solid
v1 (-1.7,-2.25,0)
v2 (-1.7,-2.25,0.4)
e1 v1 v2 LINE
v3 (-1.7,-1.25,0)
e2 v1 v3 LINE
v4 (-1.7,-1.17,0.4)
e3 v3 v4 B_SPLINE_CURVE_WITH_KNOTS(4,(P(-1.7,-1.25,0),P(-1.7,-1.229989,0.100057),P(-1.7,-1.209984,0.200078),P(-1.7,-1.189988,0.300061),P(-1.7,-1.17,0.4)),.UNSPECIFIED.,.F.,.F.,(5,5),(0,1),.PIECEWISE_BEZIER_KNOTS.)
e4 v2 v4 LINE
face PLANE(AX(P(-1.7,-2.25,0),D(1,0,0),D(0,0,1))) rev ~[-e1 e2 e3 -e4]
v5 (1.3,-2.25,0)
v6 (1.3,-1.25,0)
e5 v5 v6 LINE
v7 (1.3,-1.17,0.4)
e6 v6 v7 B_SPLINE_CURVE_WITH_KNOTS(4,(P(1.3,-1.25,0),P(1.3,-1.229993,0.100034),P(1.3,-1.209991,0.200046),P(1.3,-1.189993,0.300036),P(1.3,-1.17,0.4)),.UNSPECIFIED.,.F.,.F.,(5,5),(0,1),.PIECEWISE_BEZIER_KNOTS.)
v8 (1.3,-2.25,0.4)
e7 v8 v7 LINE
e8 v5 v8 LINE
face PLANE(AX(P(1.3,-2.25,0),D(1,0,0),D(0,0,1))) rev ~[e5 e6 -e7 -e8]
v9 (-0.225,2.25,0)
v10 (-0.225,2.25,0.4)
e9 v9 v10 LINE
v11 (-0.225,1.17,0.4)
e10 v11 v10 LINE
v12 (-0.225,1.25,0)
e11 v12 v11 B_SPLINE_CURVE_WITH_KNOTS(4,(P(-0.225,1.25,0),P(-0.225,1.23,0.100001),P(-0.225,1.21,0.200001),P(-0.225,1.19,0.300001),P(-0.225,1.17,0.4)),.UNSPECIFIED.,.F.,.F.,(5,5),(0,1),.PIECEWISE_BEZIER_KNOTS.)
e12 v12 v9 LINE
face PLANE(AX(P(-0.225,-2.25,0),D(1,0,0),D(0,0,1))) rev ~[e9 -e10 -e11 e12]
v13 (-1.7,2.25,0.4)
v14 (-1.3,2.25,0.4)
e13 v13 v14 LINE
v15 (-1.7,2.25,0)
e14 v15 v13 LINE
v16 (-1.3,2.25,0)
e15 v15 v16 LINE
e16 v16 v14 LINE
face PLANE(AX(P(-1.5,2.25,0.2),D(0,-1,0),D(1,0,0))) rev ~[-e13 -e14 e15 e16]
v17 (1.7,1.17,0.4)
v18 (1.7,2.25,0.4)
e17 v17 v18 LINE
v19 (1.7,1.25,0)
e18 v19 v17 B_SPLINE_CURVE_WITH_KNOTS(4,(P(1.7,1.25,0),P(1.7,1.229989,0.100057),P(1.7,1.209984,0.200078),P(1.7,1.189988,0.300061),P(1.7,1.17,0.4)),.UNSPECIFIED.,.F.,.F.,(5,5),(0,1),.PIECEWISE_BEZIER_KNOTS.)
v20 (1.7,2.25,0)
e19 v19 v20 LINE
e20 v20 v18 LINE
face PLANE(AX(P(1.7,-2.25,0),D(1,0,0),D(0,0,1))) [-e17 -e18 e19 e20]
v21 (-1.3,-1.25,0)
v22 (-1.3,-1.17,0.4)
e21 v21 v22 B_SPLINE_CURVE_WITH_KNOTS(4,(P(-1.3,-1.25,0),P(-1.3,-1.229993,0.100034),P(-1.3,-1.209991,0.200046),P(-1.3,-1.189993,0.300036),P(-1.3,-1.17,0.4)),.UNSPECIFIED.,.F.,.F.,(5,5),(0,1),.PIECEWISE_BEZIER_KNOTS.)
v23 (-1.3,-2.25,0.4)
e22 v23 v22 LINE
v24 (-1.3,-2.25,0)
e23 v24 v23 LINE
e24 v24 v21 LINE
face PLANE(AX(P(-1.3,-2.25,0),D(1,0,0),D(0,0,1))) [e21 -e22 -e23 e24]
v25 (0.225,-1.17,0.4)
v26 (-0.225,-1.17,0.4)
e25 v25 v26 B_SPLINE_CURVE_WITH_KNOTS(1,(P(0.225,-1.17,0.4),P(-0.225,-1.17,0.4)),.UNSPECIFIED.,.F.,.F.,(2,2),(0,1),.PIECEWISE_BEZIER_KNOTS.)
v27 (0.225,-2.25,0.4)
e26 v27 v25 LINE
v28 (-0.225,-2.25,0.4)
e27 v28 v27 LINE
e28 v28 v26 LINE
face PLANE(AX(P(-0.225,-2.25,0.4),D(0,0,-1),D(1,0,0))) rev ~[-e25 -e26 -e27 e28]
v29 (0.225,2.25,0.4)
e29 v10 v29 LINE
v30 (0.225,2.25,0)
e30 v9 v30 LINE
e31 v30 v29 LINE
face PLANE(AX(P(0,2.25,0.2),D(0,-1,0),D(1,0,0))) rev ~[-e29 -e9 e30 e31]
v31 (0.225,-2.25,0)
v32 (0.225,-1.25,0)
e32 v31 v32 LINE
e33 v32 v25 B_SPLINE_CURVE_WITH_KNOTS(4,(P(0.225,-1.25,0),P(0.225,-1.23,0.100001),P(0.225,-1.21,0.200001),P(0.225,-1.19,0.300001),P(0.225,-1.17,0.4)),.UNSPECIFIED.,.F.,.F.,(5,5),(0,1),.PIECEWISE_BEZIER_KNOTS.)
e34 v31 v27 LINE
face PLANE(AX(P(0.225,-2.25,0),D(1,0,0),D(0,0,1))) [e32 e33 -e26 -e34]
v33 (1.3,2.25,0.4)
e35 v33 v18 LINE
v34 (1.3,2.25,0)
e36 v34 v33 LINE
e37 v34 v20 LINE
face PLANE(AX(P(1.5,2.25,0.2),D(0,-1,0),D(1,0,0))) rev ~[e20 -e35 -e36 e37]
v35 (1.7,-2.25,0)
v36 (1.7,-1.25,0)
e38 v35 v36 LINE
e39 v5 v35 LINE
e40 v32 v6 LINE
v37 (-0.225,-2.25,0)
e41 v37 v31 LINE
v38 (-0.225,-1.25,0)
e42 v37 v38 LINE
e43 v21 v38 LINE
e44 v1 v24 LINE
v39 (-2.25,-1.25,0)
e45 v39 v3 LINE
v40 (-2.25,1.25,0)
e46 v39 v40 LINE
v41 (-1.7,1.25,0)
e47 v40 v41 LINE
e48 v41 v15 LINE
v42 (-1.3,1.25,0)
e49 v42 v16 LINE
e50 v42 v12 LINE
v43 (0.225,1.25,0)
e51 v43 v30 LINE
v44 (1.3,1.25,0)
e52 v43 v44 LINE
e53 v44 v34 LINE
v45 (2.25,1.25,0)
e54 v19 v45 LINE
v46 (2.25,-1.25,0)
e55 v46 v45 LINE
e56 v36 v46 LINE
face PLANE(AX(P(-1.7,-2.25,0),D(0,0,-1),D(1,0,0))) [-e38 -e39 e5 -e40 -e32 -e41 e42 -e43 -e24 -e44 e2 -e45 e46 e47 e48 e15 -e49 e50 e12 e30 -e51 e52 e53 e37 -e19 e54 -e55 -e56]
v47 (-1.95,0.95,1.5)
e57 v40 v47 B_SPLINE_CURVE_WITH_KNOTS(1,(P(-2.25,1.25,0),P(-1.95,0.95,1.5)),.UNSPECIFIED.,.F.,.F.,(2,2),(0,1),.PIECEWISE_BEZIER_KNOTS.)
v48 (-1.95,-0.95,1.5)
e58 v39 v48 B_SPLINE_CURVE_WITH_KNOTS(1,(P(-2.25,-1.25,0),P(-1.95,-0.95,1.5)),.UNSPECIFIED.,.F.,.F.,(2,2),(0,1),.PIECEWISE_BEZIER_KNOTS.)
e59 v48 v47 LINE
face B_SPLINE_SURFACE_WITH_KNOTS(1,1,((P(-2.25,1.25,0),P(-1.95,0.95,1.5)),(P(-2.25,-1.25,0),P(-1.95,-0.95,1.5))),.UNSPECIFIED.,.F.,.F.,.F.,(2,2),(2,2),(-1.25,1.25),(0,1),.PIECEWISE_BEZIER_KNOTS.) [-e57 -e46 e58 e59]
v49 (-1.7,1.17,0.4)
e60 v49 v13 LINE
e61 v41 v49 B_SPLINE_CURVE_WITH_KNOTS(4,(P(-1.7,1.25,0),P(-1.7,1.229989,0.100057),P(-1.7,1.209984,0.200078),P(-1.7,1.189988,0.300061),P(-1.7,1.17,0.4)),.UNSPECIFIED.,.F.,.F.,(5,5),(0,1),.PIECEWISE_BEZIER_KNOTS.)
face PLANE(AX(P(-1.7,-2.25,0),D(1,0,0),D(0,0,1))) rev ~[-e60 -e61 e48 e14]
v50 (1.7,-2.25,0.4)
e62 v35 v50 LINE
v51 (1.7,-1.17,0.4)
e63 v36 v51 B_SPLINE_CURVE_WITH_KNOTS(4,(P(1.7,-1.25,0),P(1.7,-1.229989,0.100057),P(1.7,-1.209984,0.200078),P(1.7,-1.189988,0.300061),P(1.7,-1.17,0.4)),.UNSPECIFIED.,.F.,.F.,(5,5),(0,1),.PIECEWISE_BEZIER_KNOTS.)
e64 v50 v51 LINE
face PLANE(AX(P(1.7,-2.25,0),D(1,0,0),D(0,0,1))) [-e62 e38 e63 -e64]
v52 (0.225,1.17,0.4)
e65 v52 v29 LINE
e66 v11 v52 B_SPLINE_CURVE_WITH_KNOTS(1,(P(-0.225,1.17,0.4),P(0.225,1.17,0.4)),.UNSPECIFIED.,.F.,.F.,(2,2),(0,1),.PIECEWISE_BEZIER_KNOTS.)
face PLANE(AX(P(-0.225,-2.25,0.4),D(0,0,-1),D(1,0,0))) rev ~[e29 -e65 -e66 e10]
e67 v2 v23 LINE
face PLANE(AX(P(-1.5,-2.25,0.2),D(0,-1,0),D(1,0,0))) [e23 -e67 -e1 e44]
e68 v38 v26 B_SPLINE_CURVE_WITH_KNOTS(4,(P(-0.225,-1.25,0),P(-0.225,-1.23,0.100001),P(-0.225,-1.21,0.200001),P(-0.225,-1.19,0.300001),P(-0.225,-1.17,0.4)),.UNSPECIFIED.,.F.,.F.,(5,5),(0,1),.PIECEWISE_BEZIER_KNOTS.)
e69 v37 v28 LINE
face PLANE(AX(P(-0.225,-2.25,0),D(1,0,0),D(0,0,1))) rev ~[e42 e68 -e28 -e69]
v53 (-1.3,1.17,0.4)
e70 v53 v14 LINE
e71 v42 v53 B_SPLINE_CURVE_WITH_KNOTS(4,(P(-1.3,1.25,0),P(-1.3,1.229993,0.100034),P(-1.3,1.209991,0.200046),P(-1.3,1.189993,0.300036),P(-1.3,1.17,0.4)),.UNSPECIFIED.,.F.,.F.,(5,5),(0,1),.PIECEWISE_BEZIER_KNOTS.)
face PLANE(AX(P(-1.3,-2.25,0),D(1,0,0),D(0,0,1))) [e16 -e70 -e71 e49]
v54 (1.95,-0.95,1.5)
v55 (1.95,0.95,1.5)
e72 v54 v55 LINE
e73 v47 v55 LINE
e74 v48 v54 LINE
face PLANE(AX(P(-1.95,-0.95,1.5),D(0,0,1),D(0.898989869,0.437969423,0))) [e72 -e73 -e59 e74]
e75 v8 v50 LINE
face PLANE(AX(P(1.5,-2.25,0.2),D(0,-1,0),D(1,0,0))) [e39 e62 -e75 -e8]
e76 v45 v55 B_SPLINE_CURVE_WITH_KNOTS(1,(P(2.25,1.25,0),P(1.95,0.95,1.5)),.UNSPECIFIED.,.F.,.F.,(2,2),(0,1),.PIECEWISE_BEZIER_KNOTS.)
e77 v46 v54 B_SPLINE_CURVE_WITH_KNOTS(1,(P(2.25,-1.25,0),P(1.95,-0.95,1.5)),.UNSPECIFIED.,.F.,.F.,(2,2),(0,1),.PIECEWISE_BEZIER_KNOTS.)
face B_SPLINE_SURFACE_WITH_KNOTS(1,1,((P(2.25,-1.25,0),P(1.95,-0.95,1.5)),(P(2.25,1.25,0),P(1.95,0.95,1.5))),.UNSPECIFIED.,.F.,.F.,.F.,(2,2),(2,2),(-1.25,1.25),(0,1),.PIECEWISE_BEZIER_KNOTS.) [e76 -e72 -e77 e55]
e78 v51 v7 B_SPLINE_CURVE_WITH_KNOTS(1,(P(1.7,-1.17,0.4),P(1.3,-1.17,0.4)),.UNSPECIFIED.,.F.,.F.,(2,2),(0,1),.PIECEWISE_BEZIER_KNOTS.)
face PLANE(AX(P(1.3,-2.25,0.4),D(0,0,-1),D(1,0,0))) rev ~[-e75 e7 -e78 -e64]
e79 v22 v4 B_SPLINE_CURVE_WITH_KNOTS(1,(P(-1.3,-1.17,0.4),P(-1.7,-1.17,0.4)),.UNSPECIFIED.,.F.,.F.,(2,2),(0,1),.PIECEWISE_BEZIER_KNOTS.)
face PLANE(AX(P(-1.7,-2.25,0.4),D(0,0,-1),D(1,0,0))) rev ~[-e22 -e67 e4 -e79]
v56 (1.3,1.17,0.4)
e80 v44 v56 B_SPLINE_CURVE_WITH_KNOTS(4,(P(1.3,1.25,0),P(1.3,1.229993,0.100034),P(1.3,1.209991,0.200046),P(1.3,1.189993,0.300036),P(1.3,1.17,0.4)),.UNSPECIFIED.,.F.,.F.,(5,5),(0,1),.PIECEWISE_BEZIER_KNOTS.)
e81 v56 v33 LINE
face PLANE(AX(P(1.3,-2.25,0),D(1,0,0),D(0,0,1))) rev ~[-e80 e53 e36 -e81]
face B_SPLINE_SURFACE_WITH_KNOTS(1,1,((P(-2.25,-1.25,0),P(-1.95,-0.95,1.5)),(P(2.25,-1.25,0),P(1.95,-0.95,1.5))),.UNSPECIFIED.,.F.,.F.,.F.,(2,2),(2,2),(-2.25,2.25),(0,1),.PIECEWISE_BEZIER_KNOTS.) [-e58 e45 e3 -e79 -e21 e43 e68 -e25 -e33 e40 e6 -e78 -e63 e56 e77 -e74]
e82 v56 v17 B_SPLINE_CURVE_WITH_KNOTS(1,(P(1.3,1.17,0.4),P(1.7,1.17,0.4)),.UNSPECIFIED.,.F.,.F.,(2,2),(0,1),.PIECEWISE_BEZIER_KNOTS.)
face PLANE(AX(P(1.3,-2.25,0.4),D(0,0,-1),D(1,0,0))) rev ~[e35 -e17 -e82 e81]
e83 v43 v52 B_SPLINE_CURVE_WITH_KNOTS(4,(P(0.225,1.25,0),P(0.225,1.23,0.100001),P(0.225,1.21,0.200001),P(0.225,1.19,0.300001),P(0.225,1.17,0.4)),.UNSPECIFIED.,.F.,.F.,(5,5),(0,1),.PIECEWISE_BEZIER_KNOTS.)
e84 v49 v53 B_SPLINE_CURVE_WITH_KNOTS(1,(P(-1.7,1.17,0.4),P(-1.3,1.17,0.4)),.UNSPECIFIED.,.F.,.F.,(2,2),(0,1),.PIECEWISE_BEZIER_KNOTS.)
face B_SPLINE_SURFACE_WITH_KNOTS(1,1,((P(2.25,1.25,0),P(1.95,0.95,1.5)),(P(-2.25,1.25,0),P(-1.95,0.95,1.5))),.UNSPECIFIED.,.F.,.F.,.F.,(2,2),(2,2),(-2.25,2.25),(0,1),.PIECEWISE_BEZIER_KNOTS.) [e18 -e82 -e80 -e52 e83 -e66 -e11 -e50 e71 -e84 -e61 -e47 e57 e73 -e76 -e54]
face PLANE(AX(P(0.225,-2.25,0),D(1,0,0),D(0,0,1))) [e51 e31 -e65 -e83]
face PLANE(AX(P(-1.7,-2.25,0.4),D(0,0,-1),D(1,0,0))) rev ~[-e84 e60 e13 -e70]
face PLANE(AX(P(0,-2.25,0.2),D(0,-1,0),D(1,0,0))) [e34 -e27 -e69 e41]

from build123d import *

# Parameters (mm, degrees)
SKETCH_W      = 4.5
SKETCH_H      = 2.5
SKETCH001_W   = 3.9
SKETCH001_H   = 1.9
SKETCH002_W   = 0.4
SKETCH002_H   = 0.4
SKETCH002_W_2 = 0.45
PAD_DEPTH     = 4.5


with BuildPart() as part:
    # Sketch → AdditiveLoft section 0
    with BuildSketch(Plane.XY):
        Rectangle(SKETCH_W, SKETCH_H)
    # Sketch001 (on DatumPlane) → AdditiveLoft section 1
    with BuildSketch(Plane.XY.offset(1.5)):
        Rectangle(SKETCH001_W, SKETCH001_H)
    loft()

    # Sketch002 (on DatumPlane) → Pad (new body)
    with BuildSketch(Plane.XZ.offset(2.25)):
        with Locations((-1.5, 0.2)):
            Rectangle(SKETCH002_W, SKETCH002_H)
        with Locations((1.5, 0.2)):
            Rectangle(SKETCH002_W, SKETCH002_H)
        with Locations((0, 0.2)):
            Rectangle(SKETCH002_W_2, SKETCH002_H)
    extrude(amount=-PAD_DEPTH)


solid = part.part
